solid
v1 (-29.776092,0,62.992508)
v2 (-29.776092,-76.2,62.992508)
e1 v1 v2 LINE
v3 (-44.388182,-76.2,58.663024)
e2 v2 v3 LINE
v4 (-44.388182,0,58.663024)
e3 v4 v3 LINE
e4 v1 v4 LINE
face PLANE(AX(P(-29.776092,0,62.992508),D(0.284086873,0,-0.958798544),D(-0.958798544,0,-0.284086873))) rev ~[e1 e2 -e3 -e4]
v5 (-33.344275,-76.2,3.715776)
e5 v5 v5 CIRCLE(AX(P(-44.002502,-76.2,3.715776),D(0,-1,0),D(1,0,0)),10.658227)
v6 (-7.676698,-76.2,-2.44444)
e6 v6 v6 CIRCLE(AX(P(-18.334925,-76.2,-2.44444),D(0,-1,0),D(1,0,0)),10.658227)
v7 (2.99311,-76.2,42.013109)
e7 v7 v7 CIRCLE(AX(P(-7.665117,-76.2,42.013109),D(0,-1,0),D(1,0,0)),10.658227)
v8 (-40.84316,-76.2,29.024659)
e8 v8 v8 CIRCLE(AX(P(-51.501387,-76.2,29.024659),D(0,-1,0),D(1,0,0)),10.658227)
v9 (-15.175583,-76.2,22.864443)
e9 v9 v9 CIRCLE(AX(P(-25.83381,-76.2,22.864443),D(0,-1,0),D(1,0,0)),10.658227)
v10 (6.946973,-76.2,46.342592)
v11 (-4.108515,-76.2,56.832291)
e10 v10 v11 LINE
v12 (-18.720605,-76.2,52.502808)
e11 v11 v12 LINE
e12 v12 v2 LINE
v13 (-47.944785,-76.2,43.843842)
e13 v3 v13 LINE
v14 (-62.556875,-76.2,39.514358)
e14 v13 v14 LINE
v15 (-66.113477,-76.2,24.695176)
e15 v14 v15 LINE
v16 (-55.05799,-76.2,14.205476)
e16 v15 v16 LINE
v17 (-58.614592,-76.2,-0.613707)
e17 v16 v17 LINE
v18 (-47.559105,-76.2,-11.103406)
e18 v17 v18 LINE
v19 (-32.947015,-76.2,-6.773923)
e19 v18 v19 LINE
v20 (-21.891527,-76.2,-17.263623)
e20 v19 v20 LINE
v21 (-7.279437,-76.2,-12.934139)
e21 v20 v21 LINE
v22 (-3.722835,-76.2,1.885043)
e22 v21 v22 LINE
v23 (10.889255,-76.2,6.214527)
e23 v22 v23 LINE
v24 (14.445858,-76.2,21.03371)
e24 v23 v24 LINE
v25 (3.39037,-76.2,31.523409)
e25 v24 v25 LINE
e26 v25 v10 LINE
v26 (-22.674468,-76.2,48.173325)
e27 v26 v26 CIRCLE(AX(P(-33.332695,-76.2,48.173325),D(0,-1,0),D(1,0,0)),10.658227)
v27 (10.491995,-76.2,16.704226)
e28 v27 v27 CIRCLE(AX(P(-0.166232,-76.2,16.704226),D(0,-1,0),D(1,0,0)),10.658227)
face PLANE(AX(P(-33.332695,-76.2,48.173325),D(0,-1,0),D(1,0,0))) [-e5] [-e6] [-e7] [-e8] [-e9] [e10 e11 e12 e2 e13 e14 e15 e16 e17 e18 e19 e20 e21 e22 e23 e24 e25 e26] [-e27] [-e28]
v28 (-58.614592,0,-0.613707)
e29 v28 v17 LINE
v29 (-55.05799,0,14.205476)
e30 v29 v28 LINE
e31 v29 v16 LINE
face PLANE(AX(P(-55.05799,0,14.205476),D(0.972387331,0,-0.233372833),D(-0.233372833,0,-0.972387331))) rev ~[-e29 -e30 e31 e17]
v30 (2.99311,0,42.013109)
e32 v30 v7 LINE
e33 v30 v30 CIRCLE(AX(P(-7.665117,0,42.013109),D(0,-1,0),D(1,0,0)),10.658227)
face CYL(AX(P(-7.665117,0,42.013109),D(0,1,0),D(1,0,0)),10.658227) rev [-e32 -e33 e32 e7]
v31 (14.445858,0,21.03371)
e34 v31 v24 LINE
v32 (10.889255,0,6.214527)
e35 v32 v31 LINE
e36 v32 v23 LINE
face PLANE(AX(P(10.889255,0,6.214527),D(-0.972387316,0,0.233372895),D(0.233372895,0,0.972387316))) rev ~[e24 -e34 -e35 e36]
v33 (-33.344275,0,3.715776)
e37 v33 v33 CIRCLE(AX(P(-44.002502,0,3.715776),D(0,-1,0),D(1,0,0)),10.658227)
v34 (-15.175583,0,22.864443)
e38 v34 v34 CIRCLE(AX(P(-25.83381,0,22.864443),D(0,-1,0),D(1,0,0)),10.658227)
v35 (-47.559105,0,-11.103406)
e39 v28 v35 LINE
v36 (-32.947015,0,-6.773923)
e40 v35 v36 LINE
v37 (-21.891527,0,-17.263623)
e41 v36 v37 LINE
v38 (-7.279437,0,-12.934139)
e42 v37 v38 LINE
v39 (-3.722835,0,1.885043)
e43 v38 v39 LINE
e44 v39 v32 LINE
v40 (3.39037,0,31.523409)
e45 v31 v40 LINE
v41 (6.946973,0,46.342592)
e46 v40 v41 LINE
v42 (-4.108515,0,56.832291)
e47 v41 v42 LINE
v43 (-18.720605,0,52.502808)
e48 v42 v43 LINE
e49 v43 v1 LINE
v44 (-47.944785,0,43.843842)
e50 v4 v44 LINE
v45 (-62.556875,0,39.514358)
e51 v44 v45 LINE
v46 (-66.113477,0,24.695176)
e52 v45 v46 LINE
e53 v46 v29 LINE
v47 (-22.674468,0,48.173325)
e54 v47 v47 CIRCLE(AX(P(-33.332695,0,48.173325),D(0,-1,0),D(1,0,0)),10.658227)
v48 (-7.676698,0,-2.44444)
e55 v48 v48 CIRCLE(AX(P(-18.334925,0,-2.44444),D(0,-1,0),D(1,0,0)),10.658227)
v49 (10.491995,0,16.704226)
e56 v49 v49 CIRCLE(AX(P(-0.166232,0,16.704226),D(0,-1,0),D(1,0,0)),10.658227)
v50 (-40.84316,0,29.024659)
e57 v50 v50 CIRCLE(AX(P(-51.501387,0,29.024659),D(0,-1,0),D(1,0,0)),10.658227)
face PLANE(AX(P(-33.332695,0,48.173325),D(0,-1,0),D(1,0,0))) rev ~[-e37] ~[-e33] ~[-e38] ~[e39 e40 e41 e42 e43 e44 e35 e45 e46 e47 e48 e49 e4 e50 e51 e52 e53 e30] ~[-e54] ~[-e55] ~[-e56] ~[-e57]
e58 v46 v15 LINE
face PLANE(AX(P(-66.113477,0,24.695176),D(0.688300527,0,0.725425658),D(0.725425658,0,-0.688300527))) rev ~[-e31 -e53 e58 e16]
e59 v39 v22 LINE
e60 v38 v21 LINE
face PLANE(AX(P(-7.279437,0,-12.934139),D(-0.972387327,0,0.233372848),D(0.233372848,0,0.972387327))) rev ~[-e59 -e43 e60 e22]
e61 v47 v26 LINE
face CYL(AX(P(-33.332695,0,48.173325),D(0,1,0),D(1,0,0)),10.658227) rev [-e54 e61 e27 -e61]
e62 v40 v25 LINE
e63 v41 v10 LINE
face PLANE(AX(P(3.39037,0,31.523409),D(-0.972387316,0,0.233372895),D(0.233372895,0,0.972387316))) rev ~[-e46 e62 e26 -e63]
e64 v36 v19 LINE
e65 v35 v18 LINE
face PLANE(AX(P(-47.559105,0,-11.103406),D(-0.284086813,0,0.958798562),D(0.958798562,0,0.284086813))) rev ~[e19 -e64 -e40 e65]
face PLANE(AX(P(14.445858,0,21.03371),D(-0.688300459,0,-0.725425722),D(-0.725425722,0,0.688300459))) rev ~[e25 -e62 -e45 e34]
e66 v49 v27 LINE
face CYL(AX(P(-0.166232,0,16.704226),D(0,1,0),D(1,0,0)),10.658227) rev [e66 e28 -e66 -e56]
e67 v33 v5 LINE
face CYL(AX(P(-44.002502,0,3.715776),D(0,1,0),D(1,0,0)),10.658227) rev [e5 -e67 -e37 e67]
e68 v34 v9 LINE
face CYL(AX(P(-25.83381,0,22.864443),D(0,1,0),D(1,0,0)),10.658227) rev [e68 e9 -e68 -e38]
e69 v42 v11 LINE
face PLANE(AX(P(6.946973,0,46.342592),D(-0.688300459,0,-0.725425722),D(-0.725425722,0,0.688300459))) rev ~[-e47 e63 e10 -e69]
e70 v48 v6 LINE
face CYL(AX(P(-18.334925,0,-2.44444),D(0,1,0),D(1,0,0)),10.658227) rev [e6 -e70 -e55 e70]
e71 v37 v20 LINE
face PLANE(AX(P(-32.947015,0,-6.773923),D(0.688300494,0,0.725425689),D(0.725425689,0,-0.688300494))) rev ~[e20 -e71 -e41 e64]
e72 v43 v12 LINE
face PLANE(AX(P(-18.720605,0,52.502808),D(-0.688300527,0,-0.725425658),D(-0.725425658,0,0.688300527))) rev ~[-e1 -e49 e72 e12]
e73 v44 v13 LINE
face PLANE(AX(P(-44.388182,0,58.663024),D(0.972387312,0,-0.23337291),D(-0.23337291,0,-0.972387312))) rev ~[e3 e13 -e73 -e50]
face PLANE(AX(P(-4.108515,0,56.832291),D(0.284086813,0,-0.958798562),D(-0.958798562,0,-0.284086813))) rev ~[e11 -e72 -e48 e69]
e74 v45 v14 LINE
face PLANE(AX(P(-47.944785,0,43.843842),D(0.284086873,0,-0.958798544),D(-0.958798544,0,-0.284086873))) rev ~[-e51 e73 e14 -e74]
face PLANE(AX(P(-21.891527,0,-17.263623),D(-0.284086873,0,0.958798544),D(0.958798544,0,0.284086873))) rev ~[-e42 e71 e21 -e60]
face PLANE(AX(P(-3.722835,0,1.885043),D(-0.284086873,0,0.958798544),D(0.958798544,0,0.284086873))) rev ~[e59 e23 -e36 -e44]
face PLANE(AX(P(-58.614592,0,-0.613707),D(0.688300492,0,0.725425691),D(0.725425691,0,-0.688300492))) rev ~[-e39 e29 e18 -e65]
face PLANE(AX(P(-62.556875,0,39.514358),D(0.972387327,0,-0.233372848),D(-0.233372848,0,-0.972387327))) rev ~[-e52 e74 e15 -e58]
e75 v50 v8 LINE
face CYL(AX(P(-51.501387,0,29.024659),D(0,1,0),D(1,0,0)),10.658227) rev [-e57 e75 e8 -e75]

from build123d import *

# Parameters (mm, degrees)
F0_R     = 10.658227
F1_DEPTH = 76.2


with BuildPart() as f1:
    # F0 (on Front) → F1 (new body)
    with BuildSketch(Plane.XZ):
        Polygon((-47.944785, 43.843842), (-36.889297, 33.354142), (-22.277207, 37.683625), (-18.720605, 52.502808), (-29.776092, 62.992508), (-44.388182, 58.663024), align=None)
        with Locations((-33.332695, 48.173325)):
            Circle(F0_R, mode=Mode.SUBTRACT)
        Polygon((-40.4459, 18.534959), (-36.889297, 33.354142), (-47.944785, 43.843842), (-62.556875, 39.514358), (-66.113477, 24.695176), (-55.05799, 14.205476), align=None)
        with Locations((-51.501387, 29.024659)):
            Circle(F0_R, mode=Mode.SUBTRACT)
        Polygon((-22.277207, 37.683625), (-36.889297, 33.354142), (-40.4459, 18.534959), (-29.390412, 8.04526), (-14.778322, 12.374743), (-11.22172, 27.193926), align=None)
        with Locations((-25.83381, 22.864443)):
            Circle(F0_R, mode=Mode.SUBTRACT)
        Polygon((-29.390412, 8.04526), (-40.4459, 18.534959), (-55.05799, 14.205476), (-58.614592, -0.613707), (-47.559105, -11.103406), (-32.947015, -6.773923), align=None)
        with Locations((-44.002502, 3.715776)):
            Circle(F0_R, mode=Mode.SUBTRACT)
        Polygon((-14.778322, 12.374743), (-29.390412, 8.04526), (-32.947015, -6.773923), (-21.891527, -17.263623), (-7.279437, -12.934139), (-3.722835, 1.885043), align=None)
        with Locations((-18.334925, -2.44444)):
            Circle(F0_R, mode=Mode.SUBTRACT)
        Polygon((3.39037, 31.523409), (-11.22172, 27.193926), (-14.778322, 12.374743), (-3.722835, 1.885043), (10.889255, 6.214527), (14.445858, 21.03371), align=None)
        with Locations((-0.166232, 16.704226)):
            Circle(F0_R, mode=Mode.SUBTRACT)
        Polygon((-18.720605, 52.502808), (-22.277207, 37.683625), (-11.22172, 27.193926), (3.39037, 31.523409), (6.946973, 46.342592), (-4.108515, 56.832291), align=None)
        with Locations((-7.665117, 42.013109)):
            Circle(F0_R, mode=Mode.SUBTRACT)
    extrude(amount=F1_DEPTH)


solid = f1.part
